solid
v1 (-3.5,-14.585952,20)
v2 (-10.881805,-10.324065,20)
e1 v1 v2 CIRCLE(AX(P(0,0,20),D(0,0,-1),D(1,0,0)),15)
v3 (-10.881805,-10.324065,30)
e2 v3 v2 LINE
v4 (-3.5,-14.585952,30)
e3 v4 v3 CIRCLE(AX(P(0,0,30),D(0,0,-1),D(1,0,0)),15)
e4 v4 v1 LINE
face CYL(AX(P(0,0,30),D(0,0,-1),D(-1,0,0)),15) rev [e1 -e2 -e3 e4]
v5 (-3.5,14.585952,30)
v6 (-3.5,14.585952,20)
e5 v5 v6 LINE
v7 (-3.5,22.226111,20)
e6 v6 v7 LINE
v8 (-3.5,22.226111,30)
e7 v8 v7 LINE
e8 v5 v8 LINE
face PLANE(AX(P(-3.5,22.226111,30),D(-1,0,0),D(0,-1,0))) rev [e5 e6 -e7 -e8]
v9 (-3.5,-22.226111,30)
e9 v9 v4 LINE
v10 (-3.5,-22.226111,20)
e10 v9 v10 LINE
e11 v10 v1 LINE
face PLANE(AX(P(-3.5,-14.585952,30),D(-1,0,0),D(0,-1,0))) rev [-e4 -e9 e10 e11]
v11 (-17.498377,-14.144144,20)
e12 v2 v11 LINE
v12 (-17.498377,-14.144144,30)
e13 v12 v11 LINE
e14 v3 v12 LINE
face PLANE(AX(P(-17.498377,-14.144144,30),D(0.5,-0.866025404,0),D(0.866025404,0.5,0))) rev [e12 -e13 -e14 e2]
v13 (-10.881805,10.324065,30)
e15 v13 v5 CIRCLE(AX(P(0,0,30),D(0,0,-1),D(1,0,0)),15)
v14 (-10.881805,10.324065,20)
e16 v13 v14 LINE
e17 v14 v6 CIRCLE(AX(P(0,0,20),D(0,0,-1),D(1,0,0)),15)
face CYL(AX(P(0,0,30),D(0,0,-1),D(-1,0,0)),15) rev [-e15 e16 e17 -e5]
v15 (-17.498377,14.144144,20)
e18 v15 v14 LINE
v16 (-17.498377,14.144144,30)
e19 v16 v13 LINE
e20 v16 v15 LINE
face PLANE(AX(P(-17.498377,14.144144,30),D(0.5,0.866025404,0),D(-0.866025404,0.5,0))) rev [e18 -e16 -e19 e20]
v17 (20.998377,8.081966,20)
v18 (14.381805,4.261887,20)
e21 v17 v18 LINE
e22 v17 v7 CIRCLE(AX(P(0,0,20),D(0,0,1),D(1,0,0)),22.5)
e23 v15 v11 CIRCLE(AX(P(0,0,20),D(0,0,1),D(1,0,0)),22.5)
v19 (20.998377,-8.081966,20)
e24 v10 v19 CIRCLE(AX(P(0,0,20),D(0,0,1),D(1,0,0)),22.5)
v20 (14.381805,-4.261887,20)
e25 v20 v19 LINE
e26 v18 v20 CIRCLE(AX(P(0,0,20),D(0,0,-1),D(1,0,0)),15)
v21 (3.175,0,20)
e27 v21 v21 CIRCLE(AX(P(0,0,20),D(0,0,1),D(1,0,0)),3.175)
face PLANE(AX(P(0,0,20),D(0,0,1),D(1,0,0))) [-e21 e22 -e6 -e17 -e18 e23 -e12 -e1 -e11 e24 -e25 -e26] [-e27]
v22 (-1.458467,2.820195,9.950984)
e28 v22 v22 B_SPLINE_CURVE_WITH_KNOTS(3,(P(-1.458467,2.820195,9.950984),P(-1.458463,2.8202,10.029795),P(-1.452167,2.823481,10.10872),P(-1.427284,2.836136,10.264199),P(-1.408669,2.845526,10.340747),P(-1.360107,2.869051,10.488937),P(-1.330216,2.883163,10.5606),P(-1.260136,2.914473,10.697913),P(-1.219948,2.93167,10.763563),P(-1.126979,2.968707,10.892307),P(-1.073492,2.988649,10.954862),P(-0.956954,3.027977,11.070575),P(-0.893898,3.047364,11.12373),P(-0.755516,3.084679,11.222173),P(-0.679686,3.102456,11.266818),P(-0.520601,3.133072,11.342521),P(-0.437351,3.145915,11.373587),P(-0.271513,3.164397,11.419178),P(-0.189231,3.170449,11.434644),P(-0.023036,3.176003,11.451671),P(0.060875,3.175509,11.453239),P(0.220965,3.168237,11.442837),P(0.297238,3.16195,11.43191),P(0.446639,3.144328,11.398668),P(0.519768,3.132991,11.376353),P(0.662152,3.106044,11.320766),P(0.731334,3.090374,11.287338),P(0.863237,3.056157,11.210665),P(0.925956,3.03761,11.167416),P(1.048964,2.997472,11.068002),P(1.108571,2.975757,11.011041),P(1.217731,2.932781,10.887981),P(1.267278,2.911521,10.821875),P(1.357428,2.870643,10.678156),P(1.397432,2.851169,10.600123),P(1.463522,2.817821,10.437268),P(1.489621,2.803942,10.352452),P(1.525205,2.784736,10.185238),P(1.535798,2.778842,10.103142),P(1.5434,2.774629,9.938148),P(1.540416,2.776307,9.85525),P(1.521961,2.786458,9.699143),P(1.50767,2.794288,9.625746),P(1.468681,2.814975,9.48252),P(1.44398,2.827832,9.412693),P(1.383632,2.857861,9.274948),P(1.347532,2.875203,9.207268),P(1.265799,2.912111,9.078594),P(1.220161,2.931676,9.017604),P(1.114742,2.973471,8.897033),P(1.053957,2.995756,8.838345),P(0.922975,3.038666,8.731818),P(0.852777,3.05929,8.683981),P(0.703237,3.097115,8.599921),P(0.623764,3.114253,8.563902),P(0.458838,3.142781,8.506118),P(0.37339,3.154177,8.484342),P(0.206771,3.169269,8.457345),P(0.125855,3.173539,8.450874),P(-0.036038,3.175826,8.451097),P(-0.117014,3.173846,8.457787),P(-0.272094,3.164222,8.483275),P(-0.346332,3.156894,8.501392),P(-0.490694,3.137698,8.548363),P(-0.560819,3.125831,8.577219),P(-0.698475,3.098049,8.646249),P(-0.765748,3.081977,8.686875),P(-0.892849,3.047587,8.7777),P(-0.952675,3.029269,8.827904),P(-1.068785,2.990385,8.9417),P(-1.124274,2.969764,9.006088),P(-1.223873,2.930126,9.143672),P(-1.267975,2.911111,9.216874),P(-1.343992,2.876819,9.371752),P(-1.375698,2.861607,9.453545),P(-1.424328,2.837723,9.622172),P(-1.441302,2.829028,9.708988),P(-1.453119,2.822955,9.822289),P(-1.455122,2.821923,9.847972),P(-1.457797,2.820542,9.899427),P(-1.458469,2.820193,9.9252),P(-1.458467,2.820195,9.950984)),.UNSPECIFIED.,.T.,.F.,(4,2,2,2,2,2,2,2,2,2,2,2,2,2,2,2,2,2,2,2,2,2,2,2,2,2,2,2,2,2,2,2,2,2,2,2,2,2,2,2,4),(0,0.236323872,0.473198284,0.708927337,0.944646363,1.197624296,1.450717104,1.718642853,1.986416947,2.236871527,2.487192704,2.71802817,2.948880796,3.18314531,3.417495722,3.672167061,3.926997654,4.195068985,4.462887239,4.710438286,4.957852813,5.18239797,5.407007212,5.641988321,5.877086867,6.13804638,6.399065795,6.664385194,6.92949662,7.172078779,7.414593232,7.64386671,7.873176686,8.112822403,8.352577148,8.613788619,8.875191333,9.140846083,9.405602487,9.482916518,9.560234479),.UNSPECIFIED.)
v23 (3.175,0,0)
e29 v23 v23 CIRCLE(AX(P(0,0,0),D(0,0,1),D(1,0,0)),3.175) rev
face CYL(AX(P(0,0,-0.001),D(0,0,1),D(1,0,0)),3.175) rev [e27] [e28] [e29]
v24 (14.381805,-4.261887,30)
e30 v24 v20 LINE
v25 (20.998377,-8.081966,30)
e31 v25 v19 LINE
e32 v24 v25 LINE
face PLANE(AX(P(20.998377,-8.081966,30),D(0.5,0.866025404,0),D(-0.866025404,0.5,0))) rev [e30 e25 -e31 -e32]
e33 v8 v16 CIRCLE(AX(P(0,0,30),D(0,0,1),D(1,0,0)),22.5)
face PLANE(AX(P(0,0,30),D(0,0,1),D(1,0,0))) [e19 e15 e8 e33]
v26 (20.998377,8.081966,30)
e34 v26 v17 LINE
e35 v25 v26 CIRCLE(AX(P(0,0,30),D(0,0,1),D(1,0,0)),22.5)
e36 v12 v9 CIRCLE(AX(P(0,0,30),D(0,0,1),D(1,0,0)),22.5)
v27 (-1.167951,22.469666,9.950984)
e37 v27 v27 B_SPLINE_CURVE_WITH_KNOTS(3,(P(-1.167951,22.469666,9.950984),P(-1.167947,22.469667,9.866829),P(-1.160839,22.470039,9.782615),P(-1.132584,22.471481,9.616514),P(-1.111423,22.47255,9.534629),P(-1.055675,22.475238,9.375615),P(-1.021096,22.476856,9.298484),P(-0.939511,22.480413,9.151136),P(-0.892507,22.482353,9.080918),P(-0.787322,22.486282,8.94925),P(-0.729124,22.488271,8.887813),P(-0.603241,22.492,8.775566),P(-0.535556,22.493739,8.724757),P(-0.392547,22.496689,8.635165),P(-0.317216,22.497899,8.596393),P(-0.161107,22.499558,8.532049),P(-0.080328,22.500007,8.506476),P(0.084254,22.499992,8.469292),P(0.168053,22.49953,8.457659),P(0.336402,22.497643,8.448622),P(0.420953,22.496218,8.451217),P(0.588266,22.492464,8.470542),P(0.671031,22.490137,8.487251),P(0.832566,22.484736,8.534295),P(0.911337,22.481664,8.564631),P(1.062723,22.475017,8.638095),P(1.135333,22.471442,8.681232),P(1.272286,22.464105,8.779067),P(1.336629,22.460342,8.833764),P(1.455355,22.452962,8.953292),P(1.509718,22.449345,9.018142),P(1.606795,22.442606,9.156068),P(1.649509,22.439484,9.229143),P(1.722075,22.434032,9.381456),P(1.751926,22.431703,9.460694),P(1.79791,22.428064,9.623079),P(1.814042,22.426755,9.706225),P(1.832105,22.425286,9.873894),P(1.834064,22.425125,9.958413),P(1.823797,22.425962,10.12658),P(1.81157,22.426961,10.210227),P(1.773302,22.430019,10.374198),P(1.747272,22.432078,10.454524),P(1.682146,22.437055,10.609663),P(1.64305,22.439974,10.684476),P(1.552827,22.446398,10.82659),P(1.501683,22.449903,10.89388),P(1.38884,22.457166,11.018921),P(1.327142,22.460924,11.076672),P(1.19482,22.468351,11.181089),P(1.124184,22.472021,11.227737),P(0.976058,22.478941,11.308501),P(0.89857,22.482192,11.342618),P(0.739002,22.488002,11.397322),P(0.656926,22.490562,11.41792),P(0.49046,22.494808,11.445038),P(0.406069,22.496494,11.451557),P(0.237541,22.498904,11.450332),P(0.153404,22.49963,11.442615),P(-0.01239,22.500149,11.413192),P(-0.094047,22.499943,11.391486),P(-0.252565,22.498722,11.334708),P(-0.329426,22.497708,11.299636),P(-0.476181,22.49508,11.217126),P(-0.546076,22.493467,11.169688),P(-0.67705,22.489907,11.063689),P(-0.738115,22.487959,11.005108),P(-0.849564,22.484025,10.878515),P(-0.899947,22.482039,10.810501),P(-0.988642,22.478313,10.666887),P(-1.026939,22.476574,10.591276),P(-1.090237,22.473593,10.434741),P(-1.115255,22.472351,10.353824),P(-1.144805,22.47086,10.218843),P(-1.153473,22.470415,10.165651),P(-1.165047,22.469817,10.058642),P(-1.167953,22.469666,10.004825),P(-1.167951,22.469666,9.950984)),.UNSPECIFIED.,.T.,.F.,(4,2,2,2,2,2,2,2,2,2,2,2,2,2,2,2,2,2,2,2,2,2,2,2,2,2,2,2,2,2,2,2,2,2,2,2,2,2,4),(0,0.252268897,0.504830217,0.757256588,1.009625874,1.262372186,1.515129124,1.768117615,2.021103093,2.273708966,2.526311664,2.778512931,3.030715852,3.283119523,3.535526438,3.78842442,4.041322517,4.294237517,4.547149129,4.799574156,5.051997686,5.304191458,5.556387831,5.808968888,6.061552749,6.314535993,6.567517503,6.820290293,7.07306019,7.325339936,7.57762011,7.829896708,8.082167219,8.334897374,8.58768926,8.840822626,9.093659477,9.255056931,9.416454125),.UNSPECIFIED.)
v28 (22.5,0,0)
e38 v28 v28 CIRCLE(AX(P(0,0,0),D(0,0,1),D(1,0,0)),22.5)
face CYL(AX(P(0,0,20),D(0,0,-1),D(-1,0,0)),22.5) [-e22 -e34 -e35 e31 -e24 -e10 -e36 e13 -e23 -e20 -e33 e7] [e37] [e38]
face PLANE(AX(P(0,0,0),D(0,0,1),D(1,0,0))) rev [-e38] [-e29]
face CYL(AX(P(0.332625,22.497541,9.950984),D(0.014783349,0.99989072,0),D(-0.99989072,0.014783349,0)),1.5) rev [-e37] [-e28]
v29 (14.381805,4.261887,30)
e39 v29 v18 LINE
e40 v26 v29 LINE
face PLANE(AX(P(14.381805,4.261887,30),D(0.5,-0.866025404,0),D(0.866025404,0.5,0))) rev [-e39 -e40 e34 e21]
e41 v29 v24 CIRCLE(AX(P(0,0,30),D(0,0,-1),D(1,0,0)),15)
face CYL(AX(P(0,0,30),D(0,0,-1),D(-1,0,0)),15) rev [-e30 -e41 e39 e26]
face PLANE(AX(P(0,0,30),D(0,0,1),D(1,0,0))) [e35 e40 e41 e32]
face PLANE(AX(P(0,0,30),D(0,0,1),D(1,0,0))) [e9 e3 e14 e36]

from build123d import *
from build123d.topology import SkipClean

# Parameters (mm, degrees)
SKETCH1_R                 = 22.5
BOSS_EXTRUDE1_DEPTH       = 20
CUT_EXTRUDE1_REACH        = 39.583
SKETCH3_R                 = 3.175
F_3_0MM_DOWEL_HOLE1_D     = 3
F_3_0MM_DOWEL_HOLE1_DEPTH = 22
F_3_0MM_DOWEL_HOLE1_TIP   = 0.901290929
BOSS_EXTRUDE3_DEPTH       = 10


with BuildPart() as part:
    # Sketch1 → Boss-Extrude1 (new body)
    with BuildSketch(Plane.XY):
        Circle(SKETCH1_R)
    extrude(amount=BOSS_EXTRUDE1_DEPTH)

    # Sketch3 → Cut-Extrude1 (cut, up to next)
    with BuildSketch(Plane.XY.offset(20), mode=Mode.PRIVATE) as cut_extrude1_sk1:
        Circle(SKETCH3_R)
    cut_extrude1_tool1 = extrude(cut_extrude1_sk1.sketch, amount=-CUT_EXTRUDE1_REACH, mode=Mode.PRIVATE) & part.part
    add(cut_extrude1_tool1.solids().sort_by_distance((0, 0, 20))[0], mode=Mode.SUBTRACT)

    # Ø3.0mm Dowel Hole1
    with Locations(Plane(origin=(0.332625349, 22.497541207, 9.950983977), x_dir=(0.999890720328, -0.014783348841, 0), z_dir=(0.014783348841, 0.999890720328, 0))):
        with Locations((0, 0)):
            Hole(F_3_0MM_DOWEL_HOLE1_D / 2, depth=F_3_0MM_DOWEL_HOLE1_DEPTH)
            with Locations((0, 0, -(F_3_0MM_DOWEL_HOLE1_DEPTH + F_3_0MM_DOWEL_HOLE1_TIP / 2))):  # 118° drill point
                Cone(0, F_3_0MM_DOWEL_HOLE1_D / 2, F_3_0MM_DOWEL_HOLE1_TIP, mode=Mode.SUBTRACT)

    # Sketch6 → Boss-Extrude3 (add)
    with SkipClean():  # the faces are left unmerged after this step: merging them gives an invalid solid
        with BuildSketch(Plane.XY.offset(20)):
            with BuildLine():
                Line((-17.498376555, 14.144144299), (-10.881805097, 10.324064986))
                ThreePointArc((-10.881805097, 10.324064986), (-7.5, 12.990381057), (-3.5, 14.585952146))
                Line((-3.5, 14.585952146), (-3.5, 22.226110771))
                ThreePointArc((-3.5, 22.226110771), (-11.25, 19.485571585), (-17.498376555, 14.144144299))
            make_face()
            with BuildLine():
                Line((14.381805097, 4.26188716), (20.998376555, 8.081966472))
                ThreePointArc((20.998376555, 8.081966472), (22.5, 0), (20.998376555, -8.081966472))
                Line((20.998376555, -8.081966472), (14.381805097, -4.26188716))
                ThreePointArc((14.381805097, -4.26188716), (15, 0), (14.381805097, 4.26188716))
            make_face()
            with BuildLine():
                Line((-3.5, -14.585952146), (-3.5, -22.226110771))
                ThreePointArc((-3.5, -22.226110771), (-11.25, -19.485571585), (-17.498376555, -14.144144299))
                Line((-17.498376555, -14.144144299), (-10.881805097, -10.324064986))
                ThreePointArc((-10.881805097, -10.324064986), (-7.5, -12.990381057), (-3.5, -14.585952146))
            make_face()
        extrude(amount=BOSS_EXTRUDE3_DEPTH)


solid = part.part
